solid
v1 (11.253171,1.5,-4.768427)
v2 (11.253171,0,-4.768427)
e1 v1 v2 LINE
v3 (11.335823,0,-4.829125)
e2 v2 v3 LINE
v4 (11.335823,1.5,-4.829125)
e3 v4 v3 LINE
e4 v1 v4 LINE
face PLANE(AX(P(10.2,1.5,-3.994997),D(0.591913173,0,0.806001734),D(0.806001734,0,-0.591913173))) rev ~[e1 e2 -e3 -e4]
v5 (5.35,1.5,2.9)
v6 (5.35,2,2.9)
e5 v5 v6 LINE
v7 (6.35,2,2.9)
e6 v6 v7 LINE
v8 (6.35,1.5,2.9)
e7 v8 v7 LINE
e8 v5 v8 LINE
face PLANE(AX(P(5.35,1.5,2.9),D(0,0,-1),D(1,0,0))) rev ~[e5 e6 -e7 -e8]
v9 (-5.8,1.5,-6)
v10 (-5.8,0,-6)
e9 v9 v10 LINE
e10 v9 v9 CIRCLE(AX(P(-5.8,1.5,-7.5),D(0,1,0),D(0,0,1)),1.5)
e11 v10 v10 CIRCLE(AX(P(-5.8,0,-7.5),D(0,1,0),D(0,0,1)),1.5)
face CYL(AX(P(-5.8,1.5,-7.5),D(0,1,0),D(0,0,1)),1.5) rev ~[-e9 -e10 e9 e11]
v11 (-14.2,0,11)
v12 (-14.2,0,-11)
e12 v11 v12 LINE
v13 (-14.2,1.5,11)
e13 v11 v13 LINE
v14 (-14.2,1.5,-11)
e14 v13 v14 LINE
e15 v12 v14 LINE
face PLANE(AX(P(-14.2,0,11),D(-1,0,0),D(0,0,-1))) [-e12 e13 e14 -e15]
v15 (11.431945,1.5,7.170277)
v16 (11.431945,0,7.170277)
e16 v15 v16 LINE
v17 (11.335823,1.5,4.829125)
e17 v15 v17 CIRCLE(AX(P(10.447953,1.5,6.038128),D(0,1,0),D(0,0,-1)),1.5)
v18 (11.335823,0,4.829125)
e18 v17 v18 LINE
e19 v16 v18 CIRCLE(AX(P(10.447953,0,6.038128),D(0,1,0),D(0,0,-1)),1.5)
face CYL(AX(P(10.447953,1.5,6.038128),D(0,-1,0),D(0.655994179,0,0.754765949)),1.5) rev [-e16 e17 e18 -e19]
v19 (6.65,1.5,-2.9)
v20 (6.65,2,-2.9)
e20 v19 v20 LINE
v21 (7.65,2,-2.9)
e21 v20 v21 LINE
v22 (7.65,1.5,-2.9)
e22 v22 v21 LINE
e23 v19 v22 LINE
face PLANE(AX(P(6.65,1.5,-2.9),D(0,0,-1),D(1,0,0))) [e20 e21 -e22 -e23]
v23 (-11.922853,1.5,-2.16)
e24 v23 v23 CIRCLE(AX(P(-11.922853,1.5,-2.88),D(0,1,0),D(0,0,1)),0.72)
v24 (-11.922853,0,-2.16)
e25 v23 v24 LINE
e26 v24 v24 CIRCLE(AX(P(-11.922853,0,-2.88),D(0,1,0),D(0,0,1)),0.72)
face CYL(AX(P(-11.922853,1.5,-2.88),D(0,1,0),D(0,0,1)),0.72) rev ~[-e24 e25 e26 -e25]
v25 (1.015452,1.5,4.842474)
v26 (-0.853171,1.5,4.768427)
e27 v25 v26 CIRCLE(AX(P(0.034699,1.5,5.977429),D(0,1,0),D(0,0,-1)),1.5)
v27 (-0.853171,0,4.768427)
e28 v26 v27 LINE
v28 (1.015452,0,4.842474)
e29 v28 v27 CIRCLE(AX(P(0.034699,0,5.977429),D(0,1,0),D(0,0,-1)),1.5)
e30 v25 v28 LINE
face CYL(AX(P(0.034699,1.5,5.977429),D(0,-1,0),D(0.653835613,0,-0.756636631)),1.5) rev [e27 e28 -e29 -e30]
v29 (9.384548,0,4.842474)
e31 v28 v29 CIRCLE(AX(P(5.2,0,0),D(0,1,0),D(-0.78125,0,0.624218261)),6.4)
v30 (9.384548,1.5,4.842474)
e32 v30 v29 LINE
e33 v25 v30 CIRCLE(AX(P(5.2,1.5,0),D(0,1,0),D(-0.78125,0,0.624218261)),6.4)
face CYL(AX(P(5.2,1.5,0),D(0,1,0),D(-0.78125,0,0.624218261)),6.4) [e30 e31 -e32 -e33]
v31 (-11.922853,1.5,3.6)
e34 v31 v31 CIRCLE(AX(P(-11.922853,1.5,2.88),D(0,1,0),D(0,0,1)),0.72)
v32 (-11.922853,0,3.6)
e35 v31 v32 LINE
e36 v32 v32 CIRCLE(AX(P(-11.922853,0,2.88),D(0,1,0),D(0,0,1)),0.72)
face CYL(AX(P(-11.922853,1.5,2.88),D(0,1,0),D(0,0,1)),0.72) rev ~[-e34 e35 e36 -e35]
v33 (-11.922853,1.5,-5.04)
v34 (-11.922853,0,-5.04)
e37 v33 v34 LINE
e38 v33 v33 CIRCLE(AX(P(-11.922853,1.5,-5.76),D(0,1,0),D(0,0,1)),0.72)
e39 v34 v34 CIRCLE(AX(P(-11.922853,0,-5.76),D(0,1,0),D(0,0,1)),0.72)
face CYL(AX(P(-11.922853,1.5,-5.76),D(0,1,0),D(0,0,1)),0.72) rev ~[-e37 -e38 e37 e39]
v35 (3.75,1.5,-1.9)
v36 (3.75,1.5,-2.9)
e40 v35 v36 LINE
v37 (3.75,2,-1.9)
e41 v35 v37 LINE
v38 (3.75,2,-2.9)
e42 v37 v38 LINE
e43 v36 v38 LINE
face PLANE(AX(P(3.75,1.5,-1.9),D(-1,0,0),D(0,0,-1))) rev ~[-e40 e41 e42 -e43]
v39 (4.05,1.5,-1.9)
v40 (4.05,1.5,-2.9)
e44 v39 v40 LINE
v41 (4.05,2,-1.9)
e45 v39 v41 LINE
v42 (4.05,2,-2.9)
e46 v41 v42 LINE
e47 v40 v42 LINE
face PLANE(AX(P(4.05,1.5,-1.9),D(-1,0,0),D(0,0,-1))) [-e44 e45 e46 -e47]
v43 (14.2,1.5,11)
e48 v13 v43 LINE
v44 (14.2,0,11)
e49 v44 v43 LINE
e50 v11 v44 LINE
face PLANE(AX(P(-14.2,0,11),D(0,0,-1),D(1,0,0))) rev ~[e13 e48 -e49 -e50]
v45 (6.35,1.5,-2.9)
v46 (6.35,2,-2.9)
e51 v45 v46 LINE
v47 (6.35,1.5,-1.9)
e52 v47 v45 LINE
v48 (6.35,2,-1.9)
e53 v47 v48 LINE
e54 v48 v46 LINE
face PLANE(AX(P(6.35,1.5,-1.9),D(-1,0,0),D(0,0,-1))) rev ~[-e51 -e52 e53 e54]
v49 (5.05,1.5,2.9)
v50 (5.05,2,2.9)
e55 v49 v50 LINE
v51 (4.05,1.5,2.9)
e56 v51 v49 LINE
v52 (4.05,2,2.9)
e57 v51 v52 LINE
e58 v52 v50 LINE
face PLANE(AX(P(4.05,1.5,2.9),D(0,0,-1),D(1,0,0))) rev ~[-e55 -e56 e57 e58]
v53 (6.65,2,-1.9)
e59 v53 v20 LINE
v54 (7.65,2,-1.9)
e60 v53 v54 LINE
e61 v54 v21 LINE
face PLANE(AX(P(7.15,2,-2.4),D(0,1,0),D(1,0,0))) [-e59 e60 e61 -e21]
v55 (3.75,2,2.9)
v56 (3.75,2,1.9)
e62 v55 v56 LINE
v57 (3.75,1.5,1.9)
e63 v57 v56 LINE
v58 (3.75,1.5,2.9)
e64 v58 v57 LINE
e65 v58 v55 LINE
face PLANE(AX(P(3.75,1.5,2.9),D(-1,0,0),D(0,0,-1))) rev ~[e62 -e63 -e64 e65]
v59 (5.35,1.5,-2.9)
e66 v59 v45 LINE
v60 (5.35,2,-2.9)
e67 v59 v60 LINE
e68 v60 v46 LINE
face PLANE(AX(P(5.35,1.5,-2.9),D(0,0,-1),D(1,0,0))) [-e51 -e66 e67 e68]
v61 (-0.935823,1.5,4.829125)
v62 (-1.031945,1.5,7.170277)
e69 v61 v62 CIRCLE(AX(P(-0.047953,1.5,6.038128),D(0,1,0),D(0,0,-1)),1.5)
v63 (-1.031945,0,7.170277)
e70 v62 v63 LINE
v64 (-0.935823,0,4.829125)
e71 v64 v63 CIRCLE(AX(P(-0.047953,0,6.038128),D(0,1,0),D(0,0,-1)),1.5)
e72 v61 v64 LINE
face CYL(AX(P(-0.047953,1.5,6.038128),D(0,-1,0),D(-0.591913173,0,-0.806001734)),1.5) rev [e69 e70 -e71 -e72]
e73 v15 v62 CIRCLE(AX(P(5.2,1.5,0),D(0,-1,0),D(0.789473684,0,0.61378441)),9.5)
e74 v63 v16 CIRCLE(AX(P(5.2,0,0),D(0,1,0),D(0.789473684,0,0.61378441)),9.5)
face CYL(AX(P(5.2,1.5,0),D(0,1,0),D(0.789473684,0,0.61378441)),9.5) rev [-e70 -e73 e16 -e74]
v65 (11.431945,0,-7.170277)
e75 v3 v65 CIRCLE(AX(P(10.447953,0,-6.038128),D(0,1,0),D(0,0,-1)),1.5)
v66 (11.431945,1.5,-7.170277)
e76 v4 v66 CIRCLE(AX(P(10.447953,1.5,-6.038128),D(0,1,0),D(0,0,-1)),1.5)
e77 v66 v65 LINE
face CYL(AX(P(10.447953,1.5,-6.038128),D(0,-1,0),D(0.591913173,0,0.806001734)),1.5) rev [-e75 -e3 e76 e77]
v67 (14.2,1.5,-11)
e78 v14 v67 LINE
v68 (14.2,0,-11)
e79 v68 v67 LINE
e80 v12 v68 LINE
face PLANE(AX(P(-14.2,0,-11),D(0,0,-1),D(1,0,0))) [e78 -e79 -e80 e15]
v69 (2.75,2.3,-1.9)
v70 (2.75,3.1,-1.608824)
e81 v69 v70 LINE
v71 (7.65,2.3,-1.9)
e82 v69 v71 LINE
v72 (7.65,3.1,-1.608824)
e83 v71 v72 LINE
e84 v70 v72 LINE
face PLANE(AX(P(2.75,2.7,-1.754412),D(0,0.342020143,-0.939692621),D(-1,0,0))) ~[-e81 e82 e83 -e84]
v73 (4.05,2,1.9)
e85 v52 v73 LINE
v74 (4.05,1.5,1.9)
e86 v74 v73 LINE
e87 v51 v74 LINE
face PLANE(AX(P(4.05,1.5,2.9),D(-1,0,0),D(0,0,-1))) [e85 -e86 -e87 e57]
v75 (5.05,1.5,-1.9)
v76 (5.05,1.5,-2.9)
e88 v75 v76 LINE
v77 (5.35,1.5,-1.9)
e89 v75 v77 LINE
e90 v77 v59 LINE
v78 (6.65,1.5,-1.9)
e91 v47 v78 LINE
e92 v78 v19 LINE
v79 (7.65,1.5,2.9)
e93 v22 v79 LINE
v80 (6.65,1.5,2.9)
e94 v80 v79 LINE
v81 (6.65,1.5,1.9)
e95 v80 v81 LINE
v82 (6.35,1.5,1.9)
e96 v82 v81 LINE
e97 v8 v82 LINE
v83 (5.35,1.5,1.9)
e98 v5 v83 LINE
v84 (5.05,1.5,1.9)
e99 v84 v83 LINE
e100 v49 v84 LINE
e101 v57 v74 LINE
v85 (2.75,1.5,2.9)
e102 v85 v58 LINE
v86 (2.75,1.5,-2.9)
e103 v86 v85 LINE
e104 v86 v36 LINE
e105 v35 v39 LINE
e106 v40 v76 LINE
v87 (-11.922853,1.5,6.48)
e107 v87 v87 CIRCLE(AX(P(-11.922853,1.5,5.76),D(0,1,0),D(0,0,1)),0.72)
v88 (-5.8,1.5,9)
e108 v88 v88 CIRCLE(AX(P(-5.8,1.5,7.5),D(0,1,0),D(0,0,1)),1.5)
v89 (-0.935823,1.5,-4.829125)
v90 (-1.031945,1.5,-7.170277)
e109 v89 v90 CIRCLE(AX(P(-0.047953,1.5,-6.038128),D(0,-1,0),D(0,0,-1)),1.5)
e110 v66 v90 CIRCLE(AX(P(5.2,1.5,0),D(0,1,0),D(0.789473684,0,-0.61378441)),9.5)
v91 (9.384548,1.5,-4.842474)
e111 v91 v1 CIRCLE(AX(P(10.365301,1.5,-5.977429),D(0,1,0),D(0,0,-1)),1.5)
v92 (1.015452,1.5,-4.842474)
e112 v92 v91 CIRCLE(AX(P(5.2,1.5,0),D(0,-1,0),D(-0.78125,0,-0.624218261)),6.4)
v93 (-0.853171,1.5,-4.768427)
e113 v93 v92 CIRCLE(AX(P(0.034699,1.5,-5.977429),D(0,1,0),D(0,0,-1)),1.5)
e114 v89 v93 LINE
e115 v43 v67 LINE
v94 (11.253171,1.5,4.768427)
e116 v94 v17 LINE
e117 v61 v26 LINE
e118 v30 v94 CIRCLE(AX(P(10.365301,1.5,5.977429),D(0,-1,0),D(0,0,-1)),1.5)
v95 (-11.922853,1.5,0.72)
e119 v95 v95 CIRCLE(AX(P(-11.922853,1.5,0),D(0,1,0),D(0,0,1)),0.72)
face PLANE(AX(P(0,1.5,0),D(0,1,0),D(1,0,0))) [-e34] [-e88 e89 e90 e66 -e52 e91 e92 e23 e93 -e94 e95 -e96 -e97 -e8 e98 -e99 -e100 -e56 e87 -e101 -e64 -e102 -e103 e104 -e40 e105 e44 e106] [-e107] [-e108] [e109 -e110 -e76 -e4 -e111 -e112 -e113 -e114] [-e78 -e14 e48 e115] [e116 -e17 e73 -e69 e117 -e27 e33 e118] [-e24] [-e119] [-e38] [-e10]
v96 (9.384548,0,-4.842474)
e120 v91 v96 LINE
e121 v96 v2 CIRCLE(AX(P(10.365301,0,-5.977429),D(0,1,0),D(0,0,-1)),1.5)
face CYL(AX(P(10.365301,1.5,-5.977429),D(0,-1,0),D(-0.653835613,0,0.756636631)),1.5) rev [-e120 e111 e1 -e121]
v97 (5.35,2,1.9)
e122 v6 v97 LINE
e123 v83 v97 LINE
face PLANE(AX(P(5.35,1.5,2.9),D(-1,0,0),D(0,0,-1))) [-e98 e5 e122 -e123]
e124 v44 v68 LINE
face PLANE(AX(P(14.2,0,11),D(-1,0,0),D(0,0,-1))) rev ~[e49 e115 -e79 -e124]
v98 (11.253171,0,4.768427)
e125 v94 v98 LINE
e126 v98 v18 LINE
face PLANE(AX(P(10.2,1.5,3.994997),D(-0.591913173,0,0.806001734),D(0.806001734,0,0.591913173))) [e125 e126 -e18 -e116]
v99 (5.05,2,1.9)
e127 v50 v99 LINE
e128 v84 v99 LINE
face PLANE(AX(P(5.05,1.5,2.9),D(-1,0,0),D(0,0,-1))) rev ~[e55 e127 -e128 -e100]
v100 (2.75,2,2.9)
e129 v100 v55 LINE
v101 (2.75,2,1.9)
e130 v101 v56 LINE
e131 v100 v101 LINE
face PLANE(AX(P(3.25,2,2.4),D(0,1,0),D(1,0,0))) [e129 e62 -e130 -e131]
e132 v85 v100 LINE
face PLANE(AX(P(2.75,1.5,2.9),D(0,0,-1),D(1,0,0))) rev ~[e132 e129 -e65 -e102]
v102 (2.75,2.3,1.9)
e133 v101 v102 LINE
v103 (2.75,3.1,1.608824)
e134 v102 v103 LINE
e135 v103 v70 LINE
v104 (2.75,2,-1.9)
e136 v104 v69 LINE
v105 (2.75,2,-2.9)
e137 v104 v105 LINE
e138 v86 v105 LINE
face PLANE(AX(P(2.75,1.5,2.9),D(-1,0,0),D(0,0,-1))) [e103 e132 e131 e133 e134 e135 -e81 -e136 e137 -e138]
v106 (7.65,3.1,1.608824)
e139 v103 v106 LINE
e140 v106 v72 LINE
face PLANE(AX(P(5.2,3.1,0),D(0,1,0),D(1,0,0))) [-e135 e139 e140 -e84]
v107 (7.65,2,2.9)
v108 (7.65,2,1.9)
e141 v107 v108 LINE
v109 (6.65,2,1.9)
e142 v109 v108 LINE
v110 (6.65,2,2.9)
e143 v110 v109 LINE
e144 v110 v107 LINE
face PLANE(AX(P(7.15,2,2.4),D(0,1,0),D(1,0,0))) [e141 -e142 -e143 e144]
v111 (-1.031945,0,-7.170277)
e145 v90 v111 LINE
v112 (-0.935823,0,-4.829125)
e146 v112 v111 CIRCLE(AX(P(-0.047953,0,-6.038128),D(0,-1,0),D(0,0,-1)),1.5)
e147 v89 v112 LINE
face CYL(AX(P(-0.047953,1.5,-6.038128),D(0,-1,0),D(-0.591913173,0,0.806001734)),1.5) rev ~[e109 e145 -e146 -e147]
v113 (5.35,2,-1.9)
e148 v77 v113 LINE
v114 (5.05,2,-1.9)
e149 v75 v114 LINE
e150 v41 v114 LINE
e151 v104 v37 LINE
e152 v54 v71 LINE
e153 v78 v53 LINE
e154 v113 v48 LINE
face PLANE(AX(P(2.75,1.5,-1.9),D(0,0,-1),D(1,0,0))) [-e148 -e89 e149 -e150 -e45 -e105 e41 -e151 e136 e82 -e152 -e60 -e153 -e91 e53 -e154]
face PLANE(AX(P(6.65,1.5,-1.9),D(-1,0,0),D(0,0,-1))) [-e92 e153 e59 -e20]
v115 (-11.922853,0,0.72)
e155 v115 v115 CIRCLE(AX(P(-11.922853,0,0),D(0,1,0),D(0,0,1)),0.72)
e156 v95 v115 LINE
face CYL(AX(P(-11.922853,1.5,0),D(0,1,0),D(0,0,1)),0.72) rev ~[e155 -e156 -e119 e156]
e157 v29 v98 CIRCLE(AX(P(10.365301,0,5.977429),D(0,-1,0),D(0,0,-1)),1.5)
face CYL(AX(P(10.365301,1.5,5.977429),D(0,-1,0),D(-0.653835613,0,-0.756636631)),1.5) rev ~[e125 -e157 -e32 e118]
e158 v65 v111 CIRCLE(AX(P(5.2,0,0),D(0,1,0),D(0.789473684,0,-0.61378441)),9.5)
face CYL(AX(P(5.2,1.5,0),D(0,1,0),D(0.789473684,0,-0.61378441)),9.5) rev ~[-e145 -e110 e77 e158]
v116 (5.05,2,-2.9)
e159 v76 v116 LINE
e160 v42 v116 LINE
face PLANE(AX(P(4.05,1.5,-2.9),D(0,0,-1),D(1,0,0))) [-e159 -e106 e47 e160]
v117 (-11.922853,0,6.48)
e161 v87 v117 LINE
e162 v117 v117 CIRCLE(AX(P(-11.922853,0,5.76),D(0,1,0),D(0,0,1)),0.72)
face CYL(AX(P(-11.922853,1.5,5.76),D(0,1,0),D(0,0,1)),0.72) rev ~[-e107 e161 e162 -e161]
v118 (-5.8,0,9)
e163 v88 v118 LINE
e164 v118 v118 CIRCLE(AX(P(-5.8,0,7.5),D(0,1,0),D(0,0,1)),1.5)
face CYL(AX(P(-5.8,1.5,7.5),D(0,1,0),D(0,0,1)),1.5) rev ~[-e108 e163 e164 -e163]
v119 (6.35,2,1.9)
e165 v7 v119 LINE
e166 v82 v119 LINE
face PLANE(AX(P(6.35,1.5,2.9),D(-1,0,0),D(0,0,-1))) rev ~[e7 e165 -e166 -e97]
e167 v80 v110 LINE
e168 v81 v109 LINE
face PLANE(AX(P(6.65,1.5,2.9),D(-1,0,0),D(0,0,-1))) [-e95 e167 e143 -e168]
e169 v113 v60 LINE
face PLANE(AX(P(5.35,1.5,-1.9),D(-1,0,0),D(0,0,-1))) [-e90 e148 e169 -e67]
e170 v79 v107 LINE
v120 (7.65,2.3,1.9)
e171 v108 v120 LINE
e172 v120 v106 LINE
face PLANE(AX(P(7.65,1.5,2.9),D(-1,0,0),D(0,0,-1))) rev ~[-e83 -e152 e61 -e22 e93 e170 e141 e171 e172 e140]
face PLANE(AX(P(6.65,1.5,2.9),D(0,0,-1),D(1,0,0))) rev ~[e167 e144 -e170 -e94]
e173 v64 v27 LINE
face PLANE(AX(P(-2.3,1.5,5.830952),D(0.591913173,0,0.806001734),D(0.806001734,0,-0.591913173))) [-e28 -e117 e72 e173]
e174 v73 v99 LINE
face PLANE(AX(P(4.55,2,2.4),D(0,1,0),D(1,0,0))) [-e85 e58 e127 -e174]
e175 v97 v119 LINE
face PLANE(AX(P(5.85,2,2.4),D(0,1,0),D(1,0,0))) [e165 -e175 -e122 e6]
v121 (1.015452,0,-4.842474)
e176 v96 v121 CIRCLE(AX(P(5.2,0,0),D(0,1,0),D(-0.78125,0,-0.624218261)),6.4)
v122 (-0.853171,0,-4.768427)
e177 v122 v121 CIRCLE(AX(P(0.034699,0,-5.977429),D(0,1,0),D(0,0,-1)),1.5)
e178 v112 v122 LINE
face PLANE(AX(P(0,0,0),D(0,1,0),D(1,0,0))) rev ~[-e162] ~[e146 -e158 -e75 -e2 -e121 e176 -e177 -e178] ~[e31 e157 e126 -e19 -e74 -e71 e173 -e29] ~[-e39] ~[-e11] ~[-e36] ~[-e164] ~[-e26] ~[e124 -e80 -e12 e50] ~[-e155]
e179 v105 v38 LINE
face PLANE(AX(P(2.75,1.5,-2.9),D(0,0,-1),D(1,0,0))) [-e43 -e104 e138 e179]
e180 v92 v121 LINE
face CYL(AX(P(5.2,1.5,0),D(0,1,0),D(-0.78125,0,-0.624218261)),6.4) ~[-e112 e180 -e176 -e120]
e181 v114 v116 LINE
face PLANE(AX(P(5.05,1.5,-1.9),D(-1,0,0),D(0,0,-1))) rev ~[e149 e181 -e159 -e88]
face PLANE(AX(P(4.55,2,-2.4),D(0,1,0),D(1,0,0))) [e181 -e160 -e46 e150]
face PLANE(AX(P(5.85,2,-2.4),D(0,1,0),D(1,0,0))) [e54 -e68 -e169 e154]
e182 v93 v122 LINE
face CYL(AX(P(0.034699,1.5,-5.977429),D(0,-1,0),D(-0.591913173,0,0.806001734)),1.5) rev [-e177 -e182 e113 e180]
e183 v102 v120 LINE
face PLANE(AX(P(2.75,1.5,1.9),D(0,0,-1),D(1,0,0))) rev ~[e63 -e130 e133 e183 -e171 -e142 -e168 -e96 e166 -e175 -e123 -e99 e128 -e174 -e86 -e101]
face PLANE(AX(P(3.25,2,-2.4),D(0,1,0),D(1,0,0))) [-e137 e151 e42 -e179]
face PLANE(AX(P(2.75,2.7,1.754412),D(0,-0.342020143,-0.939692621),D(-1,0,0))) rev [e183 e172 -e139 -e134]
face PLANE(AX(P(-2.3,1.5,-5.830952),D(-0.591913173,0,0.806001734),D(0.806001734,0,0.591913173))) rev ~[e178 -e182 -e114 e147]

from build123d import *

# Parameters (mm, degrees)
SKETCH1_W             = 28.4
SKETCH1_H             = 22
BOSS_EXTRUDE1_DEPTH   = 1.5
SKETCH2_R             = 1.5
SKETCH2_R_2           = 0.72
CUT_EXTRUDE1_DEPTH    = 2.5
FILLET1_R             = 1.5
SKETCH3_W             = 4.9
SKETCH3_H             = 3.8
BOSS_EXTRUDE2_DEPTH   = 1.6
CHAMFER1_SIZE         = 0.8
CHAMFER1_SIZE2        = 0.291176187
CHAMFER1_PART_2_SIZE  = 0.8
CHAMFER1_PART_2_SIZE2 = 0.291176187
SKETCH6_W             = 1
SKETCH6_H             = 1
BOSS_EXTRUDE3_DEPTH   = 0.5


with BuildPart() as part:
    # Sketch1 → Boss-Extrude1 (new body)
    with BuildSketch(Plane(origin=(0, 0, 0), x_dir=(1, 0, 0), z_dir=(0, 1, 0))):
        Rectangle(SKETCH1_W, SKETCH1_H)
    extrude(amount=BOSS_EXTRUDE1_DEPTH)

    # Sketch2 → Cut-Extrude1 (cut, through all)
    with BuildSketch(Plane(origin=(0, 1.5, 0), x_dir=(1, 0, 0), z_dir=(0, 1, 0))):
        with Locations(Location((-5.8, 7.5, 0), (0, 0, 270))):  # turned: the seam where the file's is
            Circle(SKETCH2_R)
        with Locations(Location((-5.8, -7.5, 0), (0, 0, 270))):  # turned: the seam where the file's is
            Circle(SKETCH2_R)
        with Locations(Location((-11.92285327, 5.76, 0), (0, 0, 270))):  # turned: the seam where the file's is
            Circle(SKETCH2_R_2)
        with Locations(Location((-11.92285327, 2.88, 0), (0, 0, 270))):  # turned: the seam where the file's is
            Circle(SKETCH2_R_2)
        with Locations(Location((-11.92285327, 0, 0), (0, 0, 270))):  # turned: the seam where the file's is
            Circle(SKETCH2_R_2)
        with Locations(Location((-11.92285327, -2.88, 0), (0, 0, 270))):  # turned: the seam where the file's is
            Circle(SKETCH2_R_2)
        with Locations(Location((-11.92285327, -5.76, 0), (0, 0, 270))):  # turned: the seam where the file's is
            Circle(SKETCH2_R_2)
        with BuildLine():
            Line((-2.3, 5.830951895), (0.2, 3.994996871))
            ThreePointArc((0.2, 3.994996871), (5.2, 6.4), (10.2, 3.994996871))
            Line((10.2, 3.994996871), (12.7, 5.830951895))
            ThreePointArc((12.7, 5.830951895), (5.2, 9.5), (-2.3, 5.830951895))
        make_face()
        with BuildLine():
            Line((10.2, -3.994996871), (12.7, -5.830951895))
            ThreePointArc((12.7, -5.830951895), (5.2, -9.5), (-2.3, -5.830951895))
            Line((-2.3, -5.830951895), (0.2, -3.994996871))
            ThreePointArc((0.2, -3.994996871), (5.2, -6.4), (10.2, -3.994996871))
        make_face()
    extrude(amount=-CUT_EXTRUDE1_DEPTH, mode=Mode.SUBTRACT)

    # Fillet1
    fillet1_edges = [part.edges().sort_by_distance(p)[0] for p in [
        (-2.3, 0.75, -5.830951895),
        (12.7, 0.75, -5.830951895),
        (10.2, 0.75, -3.994996871),
        (0.2, 0.75, -3.994996871),
        (0.2, 0.75, 3.994996871),
        (10.2, 0.75, 3.994996871),
        (12.7, 0.75, 5.830951895),
        (-2.3, 0.75, 5.830951895),
    ]]
    fillet(fillet1_edges, radius=FILLET1_R)

    # Sketch3 → Boss-Extrude2 (add)
    with BuildSketch(Plane(origin=(0, 1.5, 0), x_dir=(1, 0, 0), z_dir=(0, 1, 0))):
        with Locations((5.2, 0)):
            Rectangle(SKETCH3_W, SKETCH3_H)
    extrude(amount=BOSS_EXTRUDE2_DEPTH)

    # Chamfer1
    chamfer1_edges = [part.edges().sort_by_distance(p)[0] for p in [
        (5.2, 3.1, 1.9),
    ]]
    chamfer1_side = [part.faces().sort_by_distance(p)[0] for p in [
        (5.2, 2.3, 1.9),
    ]]
    chamfer(chamfer1_edges, length=CHAMFER1_SIZE, length2=CHAMFER1_SIZE2, reference=chamfer1_side[0])

    # Chamfer1 part 2
    chamfer1_part_2_edges = [part.edges().sort_by_distance(p)[0] for p in [
        (5.2, 3.1, -1.9),
    ]]
    chamfer1_part_2_side = [part.faces().sort_by_distance(p)[0] for p in [
        (5.2, 2.3, -1.9),
    ]]
    chamfer(chamfer1_part_2_edges, length=CHAMFER1_PART_2_SIZE, length2=CHAMFER1_PART_2_SIZE2, reference=chamfer1_part_2_side[0])

    # Sketch6 → Boss-Extrude3 (add)
    with BuildSketch(Plane(origin=(0, 1.5, 0), x_dir=(1, 0, 0), z_dir=(0, 1, 0))):
        with Locations((3.25, -2.4)):
            Rectangle(SKETCH6_W, SKETCH6_H)
        with Locations((3.25, 2.4)):
            Rectangle(SKETCH6_W, SKETCH6_H)
        with Locations((4.55, -2.4)):
            Rectangle(SKETCH6_W, SKETCH6_H)
        with Locations((4.55, 2.4)):
            Rectangle(SKETCH6_W, SKETCH6_H)
        with Locations((5.85, -2.4)):
            Rectangle(SKETCH6_W, SKETCH6_H)
        with Locations((5.85, 2.4)):
            Rectangle(SKETCH6_W, SKETCH6_H)
        with Locations((7.15, -2.4)):
            Rectangle(SKETCH6_W, SKETCH6_H)
        with Locations((7.15, 2.4)):
            Rectangle(SKETCH6_W, SKETCH6_H)
    extrude(amount=BOSS_EXTRUDE3_DEPTH)


solid = part.part
